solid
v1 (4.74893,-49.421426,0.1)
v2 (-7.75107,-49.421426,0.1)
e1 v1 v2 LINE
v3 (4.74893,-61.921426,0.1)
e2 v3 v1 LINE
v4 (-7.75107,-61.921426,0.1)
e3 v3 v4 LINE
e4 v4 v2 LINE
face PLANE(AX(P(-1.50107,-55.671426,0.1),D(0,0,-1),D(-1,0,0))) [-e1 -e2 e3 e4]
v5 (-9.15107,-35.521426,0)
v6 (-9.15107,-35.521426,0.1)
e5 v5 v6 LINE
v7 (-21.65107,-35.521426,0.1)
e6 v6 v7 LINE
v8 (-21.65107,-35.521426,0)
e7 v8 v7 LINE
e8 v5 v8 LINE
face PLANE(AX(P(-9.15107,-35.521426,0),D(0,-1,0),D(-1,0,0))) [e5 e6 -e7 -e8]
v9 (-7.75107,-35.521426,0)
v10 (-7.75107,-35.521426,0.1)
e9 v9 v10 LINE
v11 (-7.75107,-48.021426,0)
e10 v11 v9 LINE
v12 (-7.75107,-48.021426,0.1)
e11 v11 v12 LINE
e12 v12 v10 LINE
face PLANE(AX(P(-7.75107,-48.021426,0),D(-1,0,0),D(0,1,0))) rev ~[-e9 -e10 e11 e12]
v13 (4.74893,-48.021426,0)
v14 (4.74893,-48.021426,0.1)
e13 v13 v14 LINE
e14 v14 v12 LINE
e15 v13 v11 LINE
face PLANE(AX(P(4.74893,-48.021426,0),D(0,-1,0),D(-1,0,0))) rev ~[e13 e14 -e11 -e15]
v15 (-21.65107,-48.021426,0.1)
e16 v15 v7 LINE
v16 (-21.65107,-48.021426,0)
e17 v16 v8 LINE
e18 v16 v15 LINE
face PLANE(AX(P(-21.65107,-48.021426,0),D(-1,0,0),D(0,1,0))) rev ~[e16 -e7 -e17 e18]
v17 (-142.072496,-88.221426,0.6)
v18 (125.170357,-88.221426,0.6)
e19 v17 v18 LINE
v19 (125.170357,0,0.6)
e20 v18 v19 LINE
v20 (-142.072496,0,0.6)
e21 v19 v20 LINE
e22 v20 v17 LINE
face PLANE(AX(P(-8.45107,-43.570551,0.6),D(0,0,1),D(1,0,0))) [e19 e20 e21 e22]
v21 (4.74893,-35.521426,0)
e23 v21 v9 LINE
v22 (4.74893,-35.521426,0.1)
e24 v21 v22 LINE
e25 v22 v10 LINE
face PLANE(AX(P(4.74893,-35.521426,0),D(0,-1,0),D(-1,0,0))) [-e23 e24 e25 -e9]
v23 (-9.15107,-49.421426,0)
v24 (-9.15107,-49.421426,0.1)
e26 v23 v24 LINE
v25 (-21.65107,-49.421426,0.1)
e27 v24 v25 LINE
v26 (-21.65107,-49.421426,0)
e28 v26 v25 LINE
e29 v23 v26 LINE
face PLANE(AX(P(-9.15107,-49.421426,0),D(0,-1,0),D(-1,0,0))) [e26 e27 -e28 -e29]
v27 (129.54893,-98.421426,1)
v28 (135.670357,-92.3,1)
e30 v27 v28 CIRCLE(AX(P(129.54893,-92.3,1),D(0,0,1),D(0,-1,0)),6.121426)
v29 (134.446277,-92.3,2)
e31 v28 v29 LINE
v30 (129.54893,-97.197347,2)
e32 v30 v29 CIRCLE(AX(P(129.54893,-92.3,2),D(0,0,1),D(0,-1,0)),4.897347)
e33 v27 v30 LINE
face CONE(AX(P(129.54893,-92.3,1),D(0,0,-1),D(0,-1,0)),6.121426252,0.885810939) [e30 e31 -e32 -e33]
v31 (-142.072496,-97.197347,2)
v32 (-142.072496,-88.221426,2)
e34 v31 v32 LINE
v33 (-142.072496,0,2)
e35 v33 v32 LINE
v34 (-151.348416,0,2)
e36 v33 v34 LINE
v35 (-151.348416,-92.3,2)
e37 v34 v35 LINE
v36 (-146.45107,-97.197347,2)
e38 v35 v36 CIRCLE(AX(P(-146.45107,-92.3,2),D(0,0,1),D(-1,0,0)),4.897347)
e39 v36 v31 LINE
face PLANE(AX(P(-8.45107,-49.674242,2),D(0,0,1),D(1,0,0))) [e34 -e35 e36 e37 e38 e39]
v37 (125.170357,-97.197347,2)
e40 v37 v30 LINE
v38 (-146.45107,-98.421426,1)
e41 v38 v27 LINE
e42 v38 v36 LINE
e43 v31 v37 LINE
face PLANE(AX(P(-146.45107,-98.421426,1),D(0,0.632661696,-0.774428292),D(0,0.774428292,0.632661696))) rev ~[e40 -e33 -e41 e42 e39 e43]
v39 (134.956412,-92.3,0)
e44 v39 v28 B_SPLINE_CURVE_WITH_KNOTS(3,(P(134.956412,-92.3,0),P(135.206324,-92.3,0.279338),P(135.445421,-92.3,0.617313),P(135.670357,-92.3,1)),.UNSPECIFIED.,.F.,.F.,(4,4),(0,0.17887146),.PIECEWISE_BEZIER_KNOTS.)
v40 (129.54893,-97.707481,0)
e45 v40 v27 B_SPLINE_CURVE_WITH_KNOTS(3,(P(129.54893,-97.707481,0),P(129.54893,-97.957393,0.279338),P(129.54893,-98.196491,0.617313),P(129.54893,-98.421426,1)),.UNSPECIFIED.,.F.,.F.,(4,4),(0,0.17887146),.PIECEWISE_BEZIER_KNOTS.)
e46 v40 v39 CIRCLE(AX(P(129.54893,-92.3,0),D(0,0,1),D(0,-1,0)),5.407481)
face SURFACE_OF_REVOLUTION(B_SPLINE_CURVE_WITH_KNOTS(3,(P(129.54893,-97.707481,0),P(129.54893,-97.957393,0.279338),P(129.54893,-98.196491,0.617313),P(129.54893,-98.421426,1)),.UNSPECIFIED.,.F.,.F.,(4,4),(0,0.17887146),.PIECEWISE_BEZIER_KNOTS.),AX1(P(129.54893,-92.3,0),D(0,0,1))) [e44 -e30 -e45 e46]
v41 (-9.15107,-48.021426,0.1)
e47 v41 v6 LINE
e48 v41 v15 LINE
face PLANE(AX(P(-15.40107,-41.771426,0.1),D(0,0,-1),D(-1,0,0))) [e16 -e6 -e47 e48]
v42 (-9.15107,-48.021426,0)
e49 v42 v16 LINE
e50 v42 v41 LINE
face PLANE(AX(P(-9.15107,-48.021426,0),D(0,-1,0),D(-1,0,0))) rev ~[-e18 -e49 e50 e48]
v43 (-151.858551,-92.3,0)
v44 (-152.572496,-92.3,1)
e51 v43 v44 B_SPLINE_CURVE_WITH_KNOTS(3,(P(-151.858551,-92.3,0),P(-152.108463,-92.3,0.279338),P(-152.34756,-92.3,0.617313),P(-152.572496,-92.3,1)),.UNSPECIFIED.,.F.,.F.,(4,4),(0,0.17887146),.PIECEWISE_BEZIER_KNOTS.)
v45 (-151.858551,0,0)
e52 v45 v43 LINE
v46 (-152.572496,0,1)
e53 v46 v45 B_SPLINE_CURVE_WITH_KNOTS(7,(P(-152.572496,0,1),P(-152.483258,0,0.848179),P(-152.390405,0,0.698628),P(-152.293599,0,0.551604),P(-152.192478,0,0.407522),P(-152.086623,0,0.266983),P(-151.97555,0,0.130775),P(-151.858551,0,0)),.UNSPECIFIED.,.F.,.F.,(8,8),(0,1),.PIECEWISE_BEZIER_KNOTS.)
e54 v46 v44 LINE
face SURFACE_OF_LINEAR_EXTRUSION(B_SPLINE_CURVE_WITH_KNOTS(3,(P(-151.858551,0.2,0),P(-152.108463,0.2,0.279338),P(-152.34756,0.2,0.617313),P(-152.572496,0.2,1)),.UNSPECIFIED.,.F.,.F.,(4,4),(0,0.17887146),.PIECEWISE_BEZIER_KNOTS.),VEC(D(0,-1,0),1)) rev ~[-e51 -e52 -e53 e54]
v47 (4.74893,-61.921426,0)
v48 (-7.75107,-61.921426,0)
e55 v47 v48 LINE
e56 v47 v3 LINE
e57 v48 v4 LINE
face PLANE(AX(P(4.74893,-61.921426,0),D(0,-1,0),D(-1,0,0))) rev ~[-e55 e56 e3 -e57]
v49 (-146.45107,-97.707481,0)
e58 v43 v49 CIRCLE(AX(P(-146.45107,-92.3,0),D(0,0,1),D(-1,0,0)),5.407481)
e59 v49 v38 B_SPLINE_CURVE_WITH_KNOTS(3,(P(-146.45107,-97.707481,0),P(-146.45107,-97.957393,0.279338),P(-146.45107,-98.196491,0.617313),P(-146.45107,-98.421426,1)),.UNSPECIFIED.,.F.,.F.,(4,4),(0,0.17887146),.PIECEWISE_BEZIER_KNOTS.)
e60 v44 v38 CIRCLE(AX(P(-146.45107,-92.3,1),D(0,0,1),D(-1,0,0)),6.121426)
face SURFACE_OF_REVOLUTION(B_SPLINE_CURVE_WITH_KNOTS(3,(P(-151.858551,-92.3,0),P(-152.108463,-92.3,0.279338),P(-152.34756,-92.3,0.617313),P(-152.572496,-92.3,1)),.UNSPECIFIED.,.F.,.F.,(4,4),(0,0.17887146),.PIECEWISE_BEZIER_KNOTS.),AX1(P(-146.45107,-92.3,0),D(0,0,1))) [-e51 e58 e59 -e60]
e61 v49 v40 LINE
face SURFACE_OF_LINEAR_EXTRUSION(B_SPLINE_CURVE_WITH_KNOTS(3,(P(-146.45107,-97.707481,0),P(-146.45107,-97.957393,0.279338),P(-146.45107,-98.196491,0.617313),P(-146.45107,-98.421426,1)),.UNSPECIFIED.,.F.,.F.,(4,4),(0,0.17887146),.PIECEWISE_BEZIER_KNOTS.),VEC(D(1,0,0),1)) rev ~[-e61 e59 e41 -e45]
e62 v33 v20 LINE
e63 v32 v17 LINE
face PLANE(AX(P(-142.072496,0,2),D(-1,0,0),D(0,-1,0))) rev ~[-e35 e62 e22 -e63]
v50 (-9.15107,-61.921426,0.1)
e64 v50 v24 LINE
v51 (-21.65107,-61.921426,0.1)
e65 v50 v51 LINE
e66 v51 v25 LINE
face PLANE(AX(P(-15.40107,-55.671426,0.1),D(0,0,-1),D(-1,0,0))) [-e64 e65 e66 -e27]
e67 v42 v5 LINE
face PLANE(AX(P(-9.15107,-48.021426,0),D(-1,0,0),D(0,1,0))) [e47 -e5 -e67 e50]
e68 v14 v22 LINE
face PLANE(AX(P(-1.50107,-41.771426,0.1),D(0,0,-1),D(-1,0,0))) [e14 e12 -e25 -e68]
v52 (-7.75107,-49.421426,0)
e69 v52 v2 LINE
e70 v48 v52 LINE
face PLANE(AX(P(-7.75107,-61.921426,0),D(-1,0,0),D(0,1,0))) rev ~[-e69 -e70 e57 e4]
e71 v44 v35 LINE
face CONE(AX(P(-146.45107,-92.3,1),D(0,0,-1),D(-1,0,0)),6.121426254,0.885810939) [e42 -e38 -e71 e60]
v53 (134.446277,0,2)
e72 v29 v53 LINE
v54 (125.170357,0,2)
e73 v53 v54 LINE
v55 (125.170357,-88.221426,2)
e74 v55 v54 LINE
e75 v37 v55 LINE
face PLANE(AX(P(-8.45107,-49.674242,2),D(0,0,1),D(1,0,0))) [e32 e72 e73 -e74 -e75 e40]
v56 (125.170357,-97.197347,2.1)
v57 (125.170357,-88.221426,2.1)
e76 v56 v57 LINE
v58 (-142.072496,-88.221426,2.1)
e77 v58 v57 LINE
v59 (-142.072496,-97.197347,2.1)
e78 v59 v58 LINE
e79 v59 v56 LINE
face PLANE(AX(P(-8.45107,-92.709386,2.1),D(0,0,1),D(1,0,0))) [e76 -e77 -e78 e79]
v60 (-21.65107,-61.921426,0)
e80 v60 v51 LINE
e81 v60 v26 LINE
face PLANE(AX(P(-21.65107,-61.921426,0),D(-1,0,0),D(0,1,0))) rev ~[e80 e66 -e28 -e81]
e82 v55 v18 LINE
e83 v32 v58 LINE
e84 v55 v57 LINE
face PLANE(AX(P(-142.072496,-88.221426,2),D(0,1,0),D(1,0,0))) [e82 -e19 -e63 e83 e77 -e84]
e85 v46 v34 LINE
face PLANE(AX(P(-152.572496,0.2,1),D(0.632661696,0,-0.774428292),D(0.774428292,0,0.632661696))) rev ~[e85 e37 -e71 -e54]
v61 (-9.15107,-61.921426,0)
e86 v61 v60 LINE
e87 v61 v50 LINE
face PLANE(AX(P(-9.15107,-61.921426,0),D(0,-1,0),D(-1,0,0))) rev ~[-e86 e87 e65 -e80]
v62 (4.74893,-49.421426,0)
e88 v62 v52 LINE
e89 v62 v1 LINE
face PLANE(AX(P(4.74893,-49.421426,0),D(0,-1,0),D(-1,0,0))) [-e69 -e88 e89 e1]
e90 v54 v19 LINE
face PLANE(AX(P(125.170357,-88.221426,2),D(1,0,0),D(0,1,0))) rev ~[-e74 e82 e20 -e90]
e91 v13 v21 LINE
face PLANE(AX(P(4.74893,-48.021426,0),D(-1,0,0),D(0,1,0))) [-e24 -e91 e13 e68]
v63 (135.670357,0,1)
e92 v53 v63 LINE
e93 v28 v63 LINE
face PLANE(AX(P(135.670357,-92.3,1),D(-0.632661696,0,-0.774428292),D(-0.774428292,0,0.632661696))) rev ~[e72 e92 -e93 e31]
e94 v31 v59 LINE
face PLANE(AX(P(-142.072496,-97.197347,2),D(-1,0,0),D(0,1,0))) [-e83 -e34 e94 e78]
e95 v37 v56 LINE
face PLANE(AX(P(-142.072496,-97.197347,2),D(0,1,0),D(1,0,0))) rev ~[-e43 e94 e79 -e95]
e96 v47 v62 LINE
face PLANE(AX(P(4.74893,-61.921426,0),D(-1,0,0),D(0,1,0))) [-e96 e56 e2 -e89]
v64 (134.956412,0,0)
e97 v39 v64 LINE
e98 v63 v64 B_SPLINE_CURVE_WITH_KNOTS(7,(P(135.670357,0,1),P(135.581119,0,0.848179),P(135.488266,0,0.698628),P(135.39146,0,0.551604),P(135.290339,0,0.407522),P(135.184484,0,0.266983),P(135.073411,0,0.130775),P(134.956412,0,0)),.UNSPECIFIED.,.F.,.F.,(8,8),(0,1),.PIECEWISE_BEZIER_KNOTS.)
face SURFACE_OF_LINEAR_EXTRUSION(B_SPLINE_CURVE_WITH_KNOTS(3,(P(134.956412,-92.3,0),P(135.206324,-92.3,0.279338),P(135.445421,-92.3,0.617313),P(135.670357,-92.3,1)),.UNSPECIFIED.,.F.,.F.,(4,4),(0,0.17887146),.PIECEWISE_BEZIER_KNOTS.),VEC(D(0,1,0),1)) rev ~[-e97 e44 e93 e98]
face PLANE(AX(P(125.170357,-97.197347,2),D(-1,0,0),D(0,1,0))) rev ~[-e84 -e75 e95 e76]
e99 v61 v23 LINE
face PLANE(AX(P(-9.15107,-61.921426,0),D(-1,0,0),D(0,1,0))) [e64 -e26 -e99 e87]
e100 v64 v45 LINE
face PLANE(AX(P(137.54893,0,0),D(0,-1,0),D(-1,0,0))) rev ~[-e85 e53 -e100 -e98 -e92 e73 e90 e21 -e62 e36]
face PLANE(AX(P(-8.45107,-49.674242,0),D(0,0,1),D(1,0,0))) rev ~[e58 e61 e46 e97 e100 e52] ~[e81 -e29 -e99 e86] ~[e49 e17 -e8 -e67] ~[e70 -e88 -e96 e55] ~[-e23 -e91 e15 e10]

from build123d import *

# Parameters (mm, degrees)
BOSS_EXTRU_1_DEPTH      = 2
ENL_V_MAT_EXTRU_1_DEPTH = 1.4
ESQUISSE10_W            = 267.242852503
ESQUISSE10_H            = 8.975920375
BOSS_EXTRU_3_DEPTH      = 0.1
ESQUISSE11_W            = 12.5
ESQUISSE11_H            = 12.5
ENL_V_MAT_EXTRU_2_DEPTH = 0.1


with BuildPart() as part:
    # Esquisse1 → Boss.-Extru.1 (new body)
    with BuildSketch(Plane.XY):
        with BuildLine():
            Line((-154.451069542, 0), (-154.451069542, -92.3))
            ThreePointArc((-154.451069542, -92.3), (-152.107923791, -97.956854249), (-146.451069542, -100.3))
            Line((-146.451069542, -100.3), (129.548930458, -100.3))
            ThreePointArc((129.548930458, -100.3), (135.205784708, -97.956854249), (137.548930458, -92.3))
            Line((137.548930458, -92.3), (137.548930458, 0))
            Line((137.548930458, 0), (-154.451069542, 0))
        make_face()
    extrude(amount=BOSS_EXTRU_1_DEPTH)

    # Enlèvement de matière-Balayage3: sweep along a path in Esquisse3
    with BuildLine(Plane(origin=(0, 0, 0), x_dir=(-1, 0, 0), z_dir=(0, 0, -1))) as enl_vement_de_mati_re_balayage3_path:
        Line((154.451069542, 0.2), (154.451069542, -92.3))
        ThreePointArc((154.451069542, -92.3), (152.107923791, -97.956854249), (146.451069542, -100.3))
        Line((146.451069542, -100.3), (-129.548930458, -100.3))
        ThreePointArc((-129.548930458, -100.3), (-135.205784708, -97.956854249), (-137.548930458, -92.3))
        Line((-137.548930458, -92.3), (-137.548930458, 0.2))
    # Esquisse9 → Enlèvement de matière-Balayage3 (sweep, cut)
    with BuildSketch(Plane(origin=(0, 0, 0), x_dir=(1, 0, 0), z_dir=(0, 1, 0))):
        with BuildLine():
            Line((135.67035671, -1), (134.446277084, -2))
            Line((134.446277084, -2), (136.182569378, -2))
            Line((136.182569378, -2), (147.673144552, -2))
            Line((147.673144552, -2), (147.673144552, 0))
            Line((147.673144552, 0), (134.956411872, 0))
            add(Edge.make_bspline(
                [(134.956411872, 0), (135.206323755, -0.279338228), (135.44542126, -0.617312994), (135.67035671, -1)],
                knots=[0, 0, 0, 0, 0.17887146, 0.17887146, 0.17887146, 0.17887146], degree=3))
        make_face()
    sweep(path=enl_vement_de_mati_re_balayage3_path.line, mode=Mode.SUBTRACT)

    # Esquisse5 → Enlèv. mat.-Extru.1 (cut)
    with BuildSketch(Plane.XY.offset(2)):
        with BuildLine():
            Line((124.926952048, -84.47802159), (124.926952048, 0))
            Line((124.926952048, 0), (-141.829091132, 0))
            Line((-141.829091132, 0), (-141.829091132, -84.47802159))
            ThreePointArc((-141.829091132, -84.47802159), (-140.950411475, -86.599341934), (-138.829091132, -87.47802159))
            Line((-138.829091132, -87.47802159), (121.926952048, -87.47802159))
            ThreePointArc((121.926952048, -87.47802159), (124.048272392, -86.599341934), (124.926952048, -84.47802159))
        make_face()
        with BuildLine():
            Line((-142.072495793, -88.221426251), (125.17035671, -88.221426251))
            Line((125.17035671, -88.221426251), (125.17035671, 0))
            Line((125.17035671, 0), (124.926952048, 0))
            Line((124.926952048, 0), (124.926952048, -84.47802159))
            ThreePointArc((124.926952048, -84.47802159), (124.048272392, -86.599341934), (121.926952048, -87.47802159))
            Line((121.926952048, -87.47802159), (-138.829091132, -87.47802159))
            ThreePointArc((-138.829091132, -87.47802159), (-140.950411475, -86.599341934), (-141.829091132, -84.47802159))
            Line((-141.829091132, -84.47802159), (-141.829091132, 0))
            Line((-141.829091132, 0), (-142.072495793, 0))
            Line((-142.072495793, 0), (-142.072495793, -88.221426251))
        make_face()
    extrude(amount=-ENL_V_MAT_EXTRU_1_DEPTH, mode=Mode.SUBTRACT)

    # Esquisse10 → Boss.-Extru.3 (add)
    with BuildSketch(Plane.XY.offset(2)):
        with Locations((-8.451069541, -92.709386439)):
            Rectangle(ESQUISSE10_W, ESQUISSE10_H)
    extrude(amount=BOSS_EXTRU_3_DEPTH)

    # Esquisse11 → Enlèv. mat.-Extru.2 (cut)
    with BuildSketch(Plane(origin=(0, 0, 0), x_dir=(-1, 0, 0), z_dir=(0, 0, -1))):
        with Locations((1.501069542, -55.671426251)):
            Rectangle(ESQUISSE11_W, ESQUISSE11_H)
        with Locations((1.501069542, -41.771426251)):
            Rectangle(ESQUISSE11_W, ESQUISSE11_H)
        with Locations((15.401069542, -41.771426251)):
            Rectangle(ESQUISSE11_W, ESQUISSE11_H)
        with Locations((15.401069542, -55.671426251)):
            Rectangle(ESQUISSE11_W, ESQUISSE11_H)
    extrude(amount=-ENL_V_MAT_EXTRU_2_DEPTH, mode=Mode.SUBTRACT)


solid = part.part
